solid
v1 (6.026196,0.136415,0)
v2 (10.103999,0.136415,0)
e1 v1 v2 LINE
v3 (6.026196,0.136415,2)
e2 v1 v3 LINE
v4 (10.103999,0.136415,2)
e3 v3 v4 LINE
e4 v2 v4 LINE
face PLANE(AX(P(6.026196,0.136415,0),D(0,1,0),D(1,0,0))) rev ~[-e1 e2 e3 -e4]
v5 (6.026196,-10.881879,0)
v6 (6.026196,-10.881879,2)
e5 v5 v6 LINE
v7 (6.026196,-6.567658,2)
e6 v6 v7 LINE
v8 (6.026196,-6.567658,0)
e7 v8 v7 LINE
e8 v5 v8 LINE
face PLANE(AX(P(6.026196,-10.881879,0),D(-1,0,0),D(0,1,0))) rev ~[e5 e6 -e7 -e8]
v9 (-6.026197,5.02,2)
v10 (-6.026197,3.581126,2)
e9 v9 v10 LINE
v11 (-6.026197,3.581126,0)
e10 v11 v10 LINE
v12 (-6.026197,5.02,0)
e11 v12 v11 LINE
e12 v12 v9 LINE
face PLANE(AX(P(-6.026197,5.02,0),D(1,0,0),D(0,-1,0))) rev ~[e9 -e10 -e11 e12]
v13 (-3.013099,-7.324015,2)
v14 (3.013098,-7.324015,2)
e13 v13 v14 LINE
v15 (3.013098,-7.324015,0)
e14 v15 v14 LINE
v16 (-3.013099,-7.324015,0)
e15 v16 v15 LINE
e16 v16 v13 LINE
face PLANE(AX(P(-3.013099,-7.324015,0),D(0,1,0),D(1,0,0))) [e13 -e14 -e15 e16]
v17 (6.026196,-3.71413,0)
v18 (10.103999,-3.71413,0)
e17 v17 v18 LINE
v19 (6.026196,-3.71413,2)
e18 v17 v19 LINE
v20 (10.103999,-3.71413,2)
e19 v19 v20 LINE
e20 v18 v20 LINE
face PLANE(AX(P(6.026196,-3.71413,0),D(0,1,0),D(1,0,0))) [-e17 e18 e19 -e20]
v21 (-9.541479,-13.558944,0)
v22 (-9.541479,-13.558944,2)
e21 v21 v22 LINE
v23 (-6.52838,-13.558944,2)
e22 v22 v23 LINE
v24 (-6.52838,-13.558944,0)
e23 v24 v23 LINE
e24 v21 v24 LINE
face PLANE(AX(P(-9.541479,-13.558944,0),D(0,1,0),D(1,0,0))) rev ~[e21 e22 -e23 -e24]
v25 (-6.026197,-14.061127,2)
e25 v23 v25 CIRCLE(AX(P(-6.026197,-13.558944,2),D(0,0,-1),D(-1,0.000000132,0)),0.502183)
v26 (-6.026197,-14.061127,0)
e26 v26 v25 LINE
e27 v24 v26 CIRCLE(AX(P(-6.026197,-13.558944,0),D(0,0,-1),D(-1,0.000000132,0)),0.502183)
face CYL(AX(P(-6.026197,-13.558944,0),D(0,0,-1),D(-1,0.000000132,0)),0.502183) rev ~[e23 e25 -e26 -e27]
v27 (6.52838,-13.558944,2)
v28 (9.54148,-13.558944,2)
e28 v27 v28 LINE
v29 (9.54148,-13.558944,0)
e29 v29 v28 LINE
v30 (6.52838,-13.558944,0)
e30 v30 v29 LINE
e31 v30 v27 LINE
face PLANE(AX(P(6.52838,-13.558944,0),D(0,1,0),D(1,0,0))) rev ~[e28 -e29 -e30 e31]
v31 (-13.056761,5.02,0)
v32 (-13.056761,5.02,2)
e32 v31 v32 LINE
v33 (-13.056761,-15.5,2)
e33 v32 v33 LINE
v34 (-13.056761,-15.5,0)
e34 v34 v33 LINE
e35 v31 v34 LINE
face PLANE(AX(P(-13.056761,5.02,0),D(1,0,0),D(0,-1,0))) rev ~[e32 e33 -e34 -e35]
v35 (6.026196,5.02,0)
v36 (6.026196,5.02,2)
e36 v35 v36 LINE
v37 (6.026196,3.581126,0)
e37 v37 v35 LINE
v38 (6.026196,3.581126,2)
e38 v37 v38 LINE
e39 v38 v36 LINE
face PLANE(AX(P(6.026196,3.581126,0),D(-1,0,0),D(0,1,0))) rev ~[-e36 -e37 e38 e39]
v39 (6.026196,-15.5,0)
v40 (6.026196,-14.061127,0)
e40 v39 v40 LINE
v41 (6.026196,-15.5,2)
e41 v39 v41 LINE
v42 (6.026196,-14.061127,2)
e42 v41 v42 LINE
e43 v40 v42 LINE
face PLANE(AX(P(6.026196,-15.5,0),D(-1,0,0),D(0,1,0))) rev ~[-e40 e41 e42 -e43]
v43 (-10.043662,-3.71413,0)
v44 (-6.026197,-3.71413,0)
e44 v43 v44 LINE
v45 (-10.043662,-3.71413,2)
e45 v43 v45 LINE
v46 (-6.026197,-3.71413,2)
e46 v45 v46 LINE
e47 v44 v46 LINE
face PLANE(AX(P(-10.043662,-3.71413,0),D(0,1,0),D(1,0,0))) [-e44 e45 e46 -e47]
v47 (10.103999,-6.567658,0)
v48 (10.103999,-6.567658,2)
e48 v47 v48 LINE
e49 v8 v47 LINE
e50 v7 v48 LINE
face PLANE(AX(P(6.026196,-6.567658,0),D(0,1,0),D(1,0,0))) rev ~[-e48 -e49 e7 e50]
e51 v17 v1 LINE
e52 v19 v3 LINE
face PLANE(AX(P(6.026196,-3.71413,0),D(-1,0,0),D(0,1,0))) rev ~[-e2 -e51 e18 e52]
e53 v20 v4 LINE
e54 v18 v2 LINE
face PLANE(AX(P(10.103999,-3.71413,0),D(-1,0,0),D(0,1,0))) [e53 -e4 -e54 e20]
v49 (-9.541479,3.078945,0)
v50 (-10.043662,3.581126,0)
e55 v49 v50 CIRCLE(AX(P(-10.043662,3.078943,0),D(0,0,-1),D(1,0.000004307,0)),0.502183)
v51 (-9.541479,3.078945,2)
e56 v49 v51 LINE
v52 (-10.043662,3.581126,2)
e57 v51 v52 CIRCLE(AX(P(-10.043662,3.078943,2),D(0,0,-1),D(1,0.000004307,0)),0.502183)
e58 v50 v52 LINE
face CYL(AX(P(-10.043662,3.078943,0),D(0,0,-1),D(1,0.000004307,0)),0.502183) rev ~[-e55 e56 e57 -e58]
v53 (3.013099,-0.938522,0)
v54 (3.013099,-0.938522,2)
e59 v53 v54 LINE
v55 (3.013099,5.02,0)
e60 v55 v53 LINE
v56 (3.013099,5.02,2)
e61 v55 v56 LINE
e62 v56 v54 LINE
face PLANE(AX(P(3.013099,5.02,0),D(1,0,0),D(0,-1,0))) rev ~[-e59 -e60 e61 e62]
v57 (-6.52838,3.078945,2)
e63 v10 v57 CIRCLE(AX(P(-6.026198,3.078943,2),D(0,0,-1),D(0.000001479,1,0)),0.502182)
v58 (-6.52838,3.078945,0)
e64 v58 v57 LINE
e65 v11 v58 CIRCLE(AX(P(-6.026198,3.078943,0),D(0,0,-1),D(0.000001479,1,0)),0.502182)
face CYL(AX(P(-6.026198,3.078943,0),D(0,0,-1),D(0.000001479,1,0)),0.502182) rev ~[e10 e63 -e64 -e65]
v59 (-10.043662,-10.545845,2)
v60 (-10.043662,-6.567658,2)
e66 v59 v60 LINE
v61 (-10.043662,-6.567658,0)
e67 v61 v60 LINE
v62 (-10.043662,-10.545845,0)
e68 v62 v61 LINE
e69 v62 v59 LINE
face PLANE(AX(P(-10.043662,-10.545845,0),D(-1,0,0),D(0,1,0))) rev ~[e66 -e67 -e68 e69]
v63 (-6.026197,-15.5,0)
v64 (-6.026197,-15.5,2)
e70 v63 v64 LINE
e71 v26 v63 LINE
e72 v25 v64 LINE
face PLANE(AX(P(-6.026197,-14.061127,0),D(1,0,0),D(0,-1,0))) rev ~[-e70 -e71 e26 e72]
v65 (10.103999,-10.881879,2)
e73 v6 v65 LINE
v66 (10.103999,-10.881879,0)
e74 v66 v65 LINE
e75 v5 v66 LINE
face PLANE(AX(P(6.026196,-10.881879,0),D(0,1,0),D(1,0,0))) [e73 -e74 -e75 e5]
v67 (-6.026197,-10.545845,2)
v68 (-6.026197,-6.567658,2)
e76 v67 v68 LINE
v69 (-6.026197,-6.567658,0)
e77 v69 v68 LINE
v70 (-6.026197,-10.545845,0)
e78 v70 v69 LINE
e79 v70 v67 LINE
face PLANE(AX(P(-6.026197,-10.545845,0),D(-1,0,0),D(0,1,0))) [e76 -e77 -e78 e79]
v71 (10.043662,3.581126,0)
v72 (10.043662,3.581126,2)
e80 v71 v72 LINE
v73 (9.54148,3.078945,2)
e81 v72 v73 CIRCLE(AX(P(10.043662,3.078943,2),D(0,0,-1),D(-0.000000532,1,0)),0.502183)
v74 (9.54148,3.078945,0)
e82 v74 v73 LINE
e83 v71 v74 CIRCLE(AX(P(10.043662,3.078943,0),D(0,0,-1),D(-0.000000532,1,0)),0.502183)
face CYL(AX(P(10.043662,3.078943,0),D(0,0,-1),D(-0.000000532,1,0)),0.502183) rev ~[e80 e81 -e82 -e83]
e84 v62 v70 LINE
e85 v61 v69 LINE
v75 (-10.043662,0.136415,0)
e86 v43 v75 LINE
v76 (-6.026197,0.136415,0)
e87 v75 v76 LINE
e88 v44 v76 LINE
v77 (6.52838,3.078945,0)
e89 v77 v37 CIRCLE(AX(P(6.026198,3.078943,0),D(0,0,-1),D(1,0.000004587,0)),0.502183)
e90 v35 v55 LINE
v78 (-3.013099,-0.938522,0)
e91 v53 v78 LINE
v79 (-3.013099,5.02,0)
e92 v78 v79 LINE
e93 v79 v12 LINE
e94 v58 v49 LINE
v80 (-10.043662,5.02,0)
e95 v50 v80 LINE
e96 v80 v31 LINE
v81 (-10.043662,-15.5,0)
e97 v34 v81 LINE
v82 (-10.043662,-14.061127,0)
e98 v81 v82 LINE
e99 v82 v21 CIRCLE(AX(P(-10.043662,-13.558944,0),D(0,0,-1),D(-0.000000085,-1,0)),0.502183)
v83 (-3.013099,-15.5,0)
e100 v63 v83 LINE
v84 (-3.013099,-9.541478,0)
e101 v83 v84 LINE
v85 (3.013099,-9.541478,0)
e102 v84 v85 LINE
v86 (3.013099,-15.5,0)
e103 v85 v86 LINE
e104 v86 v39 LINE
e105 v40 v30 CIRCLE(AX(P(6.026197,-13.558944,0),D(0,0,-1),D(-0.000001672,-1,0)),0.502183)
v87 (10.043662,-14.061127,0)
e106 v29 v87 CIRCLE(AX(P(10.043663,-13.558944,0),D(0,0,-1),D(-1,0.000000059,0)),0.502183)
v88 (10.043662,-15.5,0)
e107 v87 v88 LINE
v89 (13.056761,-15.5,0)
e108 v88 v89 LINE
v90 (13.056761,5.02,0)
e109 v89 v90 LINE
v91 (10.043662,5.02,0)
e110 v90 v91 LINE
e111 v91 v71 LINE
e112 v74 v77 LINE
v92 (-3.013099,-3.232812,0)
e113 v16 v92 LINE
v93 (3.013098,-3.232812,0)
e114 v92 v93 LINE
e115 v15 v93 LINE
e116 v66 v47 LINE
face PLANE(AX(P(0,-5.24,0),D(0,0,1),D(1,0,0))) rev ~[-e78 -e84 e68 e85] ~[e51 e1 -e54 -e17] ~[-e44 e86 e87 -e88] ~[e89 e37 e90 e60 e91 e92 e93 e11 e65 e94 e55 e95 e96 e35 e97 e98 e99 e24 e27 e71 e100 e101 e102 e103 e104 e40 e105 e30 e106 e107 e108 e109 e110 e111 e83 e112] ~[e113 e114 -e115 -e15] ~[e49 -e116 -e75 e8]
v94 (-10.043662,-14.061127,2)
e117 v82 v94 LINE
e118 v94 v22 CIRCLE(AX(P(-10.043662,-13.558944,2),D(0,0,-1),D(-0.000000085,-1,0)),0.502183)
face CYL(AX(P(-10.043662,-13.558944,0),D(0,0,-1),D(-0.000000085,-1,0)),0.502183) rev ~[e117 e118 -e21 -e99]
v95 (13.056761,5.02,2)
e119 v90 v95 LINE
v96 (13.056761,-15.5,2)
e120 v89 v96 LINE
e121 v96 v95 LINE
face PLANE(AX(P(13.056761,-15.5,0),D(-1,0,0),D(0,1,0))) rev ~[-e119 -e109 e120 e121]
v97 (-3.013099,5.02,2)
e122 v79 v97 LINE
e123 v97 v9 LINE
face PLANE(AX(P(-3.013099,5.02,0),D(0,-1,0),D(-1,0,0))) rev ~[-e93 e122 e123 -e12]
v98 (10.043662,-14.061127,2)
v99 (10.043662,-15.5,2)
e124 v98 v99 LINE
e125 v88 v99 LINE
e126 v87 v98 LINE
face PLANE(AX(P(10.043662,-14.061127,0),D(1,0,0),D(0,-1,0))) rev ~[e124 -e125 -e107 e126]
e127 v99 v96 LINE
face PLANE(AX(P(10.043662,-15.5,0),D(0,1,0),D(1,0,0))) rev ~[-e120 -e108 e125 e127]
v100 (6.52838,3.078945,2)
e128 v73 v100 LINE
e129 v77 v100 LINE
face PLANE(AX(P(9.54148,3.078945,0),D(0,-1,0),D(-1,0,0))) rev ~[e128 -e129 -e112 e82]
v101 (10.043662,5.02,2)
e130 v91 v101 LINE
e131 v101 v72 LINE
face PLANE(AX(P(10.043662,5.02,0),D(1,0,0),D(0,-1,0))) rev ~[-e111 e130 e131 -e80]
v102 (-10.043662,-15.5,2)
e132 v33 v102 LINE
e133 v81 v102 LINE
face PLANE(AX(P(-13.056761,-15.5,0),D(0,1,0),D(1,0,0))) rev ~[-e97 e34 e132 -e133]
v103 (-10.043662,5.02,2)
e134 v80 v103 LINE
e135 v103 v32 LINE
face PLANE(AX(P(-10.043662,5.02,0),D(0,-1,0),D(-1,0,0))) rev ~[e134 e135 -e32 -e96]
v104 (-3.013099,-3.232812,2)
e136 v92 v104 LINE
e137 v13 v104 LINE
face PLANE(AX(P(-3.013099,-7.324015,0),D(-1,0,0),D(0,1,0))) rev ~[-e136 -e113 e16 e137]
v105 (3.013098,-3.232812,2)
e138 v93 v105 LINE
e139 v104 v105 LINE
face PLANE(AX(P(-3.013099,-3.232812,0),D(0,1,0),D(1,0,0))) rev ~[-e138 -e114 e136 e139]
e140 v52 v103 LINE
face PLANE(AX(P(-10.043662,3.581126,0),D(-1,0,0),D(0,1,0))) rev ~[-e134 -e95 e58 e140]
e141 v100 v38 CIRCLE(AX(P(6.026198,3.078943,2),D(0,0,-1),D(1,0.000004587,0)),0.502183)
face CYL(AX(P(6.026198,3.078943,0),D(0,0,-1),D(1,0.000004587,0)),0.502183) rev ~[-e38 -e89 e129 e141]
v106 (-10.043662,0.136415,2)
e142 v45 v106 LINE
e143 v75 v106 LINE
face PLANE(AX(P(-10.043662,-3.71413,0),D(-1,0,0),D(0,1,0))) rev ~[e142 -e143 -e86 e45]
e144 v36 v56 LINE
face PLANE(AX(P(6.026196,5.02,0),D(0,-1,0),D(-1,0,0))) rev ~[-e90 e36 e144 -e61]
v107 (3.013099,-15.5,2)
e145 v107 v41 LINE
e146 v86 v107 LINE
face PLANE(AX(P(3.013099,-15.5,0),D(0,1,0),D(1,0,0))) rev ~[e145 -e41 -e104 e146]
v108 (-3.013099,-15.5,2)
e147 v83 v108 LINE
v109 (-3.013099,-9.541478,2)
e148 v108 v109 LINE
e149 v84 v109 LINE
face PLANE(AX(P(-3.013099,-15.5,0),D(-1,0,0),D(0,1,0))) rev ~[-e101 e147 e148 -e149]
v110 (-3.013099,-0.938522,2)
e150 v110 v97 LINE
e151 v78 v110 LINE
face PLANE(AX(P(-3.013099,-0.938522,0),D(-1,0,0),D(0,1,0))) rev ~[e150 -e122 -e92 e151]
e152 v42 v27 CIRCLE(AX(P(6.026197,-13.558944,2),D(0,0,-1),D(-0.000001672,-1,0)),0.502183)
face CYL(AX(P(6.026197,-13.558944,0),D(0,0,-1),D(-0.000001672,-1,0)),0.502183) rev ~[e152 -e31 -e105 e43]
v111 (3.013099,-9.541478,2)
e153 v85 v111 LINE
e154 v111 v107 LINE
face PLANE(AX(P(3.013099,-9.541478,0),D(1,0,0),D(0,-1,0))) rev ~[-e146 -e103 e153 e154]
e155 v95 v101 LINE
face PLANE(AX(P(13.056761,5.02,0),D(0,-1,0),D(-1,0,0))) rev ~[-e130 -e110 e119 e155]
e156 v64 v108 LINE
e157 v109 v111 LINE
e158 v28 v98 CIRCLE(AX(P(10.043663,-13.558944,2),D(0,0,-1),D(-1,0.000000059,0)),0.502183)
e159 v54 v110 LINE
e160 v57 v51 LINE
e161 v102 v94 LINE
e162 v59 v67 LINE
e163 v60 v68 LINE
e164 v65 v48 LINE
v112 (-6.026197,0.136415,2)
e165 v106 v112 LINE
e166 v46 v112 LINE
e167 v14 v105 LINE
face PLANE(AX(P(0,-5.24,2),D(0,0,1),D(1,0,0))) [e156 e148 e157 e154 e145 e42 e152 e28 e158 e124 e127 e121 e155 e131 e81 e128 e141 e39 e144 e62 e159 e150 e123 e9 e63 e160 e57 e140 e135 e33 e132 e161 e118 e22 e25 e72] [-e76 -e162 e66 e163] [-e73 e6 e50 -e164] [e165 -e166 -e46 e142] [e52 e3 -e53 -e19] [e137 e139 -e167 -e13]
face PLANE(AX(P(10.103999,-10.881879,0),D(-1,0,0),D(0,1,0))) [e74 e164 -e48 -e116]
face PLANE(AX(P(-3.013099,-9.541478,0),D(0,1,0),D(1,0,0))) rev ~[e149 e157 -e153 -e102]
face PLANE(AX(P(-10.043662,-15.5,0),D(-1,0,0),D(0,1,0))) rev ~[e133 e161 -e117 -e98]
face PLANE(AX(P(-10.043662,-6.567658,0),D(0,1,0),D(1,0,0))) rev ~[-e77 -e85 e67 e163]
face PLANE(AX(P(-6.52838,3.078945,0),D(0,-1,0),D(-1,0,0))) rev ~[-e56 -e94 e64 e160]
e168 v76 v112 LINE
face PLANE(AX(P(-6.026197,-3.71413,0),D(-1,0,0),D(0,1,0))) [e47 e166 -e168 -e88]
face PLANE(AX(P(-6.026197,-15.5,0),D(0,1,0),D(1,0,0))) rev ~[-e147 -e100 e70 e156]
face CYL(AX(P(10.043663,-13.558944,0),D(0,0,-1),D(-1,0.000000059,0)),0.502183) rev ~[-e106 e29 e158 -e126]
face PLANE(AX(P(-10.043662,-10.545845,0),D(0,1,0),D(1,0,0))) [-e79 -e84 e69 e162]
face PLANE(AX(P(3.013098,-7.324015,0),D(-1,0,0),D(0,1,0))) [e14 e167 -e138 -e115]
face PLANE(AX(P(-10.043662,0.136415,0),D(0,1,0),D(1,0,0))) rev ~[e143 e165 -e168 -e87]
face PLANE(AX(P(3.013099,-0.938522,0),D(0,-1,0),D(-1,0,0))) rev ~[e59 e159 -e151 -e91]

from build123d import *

# Parameters (mm, degrees)
SKETCH_1_W      = 4.017465015
SKETCH_1_H      = 3.978187255
SKETCH_1_W_2    = 4.077802358
SKETCH_1_H_2    = 4.314220686
SKETCH_1_H_3    = 3.850544283
SKETCH_1_W_3    = 6.026196403
SKETCH_1_H_4    = 4.091203301
EXTRUDE_1_DEPTH = 2


with BuildPart() as part:
    # 草图1 → 凸台-拉伸1 (new body)
    with BuildSketch(Plane.XY):
        with BuildLine():
            Line((-3.013099113, 5.02), (-6.026197287, 5.02))
            Line((-6.026197287, 5.02), (-6.026197287, 3.58112561))
            ThreePointArc((-6.026197287, 3.58112561), (-5.671102411, 2.723845564), (-6.528380473, 3.07894523))
            Line((-6.528380473, 3.07894523), (-9.541479116, 3.07894523))
            ThreePointArc((-9.541479116, 3.07894523), (-10.398757348, 2.723845394), (-10.043662302, 3.58112561))
            Line((-10.043662302, 3.58112561), (-10.043662302, 5.02))
            Line((-10.043662302, 5.02), (-13.056760945, 5.02))
            Line((-13.056760945, 5.02), (-13.056760945, -15.5))
            Line((-13.056760945, -15.5), (-10.043662302, -15.5))
            Line((-10.043662302, -15.5), (-10.043662302, -14.061127012))
            ThreePointArc((-10.043662302, -14.061127012), (-10.398759363, -13.203846763), (-9.541479117, -13.558943832))
            Line((-9.541479117, -13.558943832), (-6.528380473, -13.558943832))
            ThreePointArc((-6.528380473, -13.558943832), (-5.67110042, -13.203846836), (-6.026197287, -14.061126942))
            Line((-6.026197287, -14.061126942), (-6.026197287, -15.5))
            Line((-6.026197287, -15.5), (-3.013099112, -15.5))
            Line((-3.013099112, -15.5), (-3.013099112, -9.541477971))
            Line((-3.013099112, -9.541477971), (3.013099113, -9.541477971))
            Line((3.013099113, -9.541477971), (3.013099113, -15.5))
            Line((3.013099113, -15.5), (6.02619635, -15.5))
            Line((6.02619635, -15.5), (6.02619635, -14.061126942))
            ThreePointArc((6.02619635, -14.061126942), (5.671100318, -13.20384612), (6.528380473, -13.558943762))
            Line((6.528380473, -13.558943762), (9.541479585, -13.558943762))
            ThreePointArc((9.541479585, -13.558943762), (10.398760105, -13.203847022), (10.043661834, -14.061126908))
            Line((10.043661834, -14.061126908), (10.043661834, -15.5))
            Line((10.043661834, -15.5), (13.056760946, -15.5))
            Line((13.056760946, -15.5), (13.056760946, 5.02))
            Line((13.056760946, 5.02), (10.043661833, 5.02))
            Line((10.043661833, 5.02), (10.043661833, 3.58112561))
            ThreePointArc((10.043661833, 3.58112561), (10.398758101, 2.723845772), (9.541479585, 3.07894523))
            Line((9.541479585, 3.07894523), (6.528380474, 3.07894523))
            ThreePointArc((6.528380474, 3.07894523), (5.671102333, 2.723844823), (6.026196353, 3.58112561))
            Line((6.026196353, 3.58112561), (6.026196353, 5.02))
            Line((6.026196353, 5.02), (3.013099113, 5.02))
            Line((3.013099113, 5.02), (3.013099113, -0.938521958))
            Line((3.013099113, -0.938521958), (-3.013099113, -0.938521958))
            Line((-3.013099113, -0.938521958), (-3.013099113, 5.02))
        make_face()
        with Locations((-8.034929795, -8.556751552)):
            Rectangle(SKETCH_1_W, SKETCH_1_H, mode=Mode.SUBTRACT)
        with Locations((8.06509753, -8.724768268)):
            Rectangle(SKETCH_1_W_2, SKETCH_1_H_2, mode=Mode.SUBTRACT)
        with Locations((8.06509753, -1.788857431)):
            Rectangle(SKETCH_1_W_2, SKETCH_1_H_3, mode=Mode.SUBTRACT)
        with Locations((-4.68e-07, -5.278413187)):
            Rectangle(SKETCH_1_W_3, SKETCH_1_H_4, mode=Mode.SUBTRACT)
        with Locations((-8.034929795, -1.788857431)):
            Rectangle(SKETCH_1_W, SKETCH_1_H_3, mode=Mode.SUBTRACT)
    extrude(amount=EXTRUDE_1_DEPTH)


solid = part.part
